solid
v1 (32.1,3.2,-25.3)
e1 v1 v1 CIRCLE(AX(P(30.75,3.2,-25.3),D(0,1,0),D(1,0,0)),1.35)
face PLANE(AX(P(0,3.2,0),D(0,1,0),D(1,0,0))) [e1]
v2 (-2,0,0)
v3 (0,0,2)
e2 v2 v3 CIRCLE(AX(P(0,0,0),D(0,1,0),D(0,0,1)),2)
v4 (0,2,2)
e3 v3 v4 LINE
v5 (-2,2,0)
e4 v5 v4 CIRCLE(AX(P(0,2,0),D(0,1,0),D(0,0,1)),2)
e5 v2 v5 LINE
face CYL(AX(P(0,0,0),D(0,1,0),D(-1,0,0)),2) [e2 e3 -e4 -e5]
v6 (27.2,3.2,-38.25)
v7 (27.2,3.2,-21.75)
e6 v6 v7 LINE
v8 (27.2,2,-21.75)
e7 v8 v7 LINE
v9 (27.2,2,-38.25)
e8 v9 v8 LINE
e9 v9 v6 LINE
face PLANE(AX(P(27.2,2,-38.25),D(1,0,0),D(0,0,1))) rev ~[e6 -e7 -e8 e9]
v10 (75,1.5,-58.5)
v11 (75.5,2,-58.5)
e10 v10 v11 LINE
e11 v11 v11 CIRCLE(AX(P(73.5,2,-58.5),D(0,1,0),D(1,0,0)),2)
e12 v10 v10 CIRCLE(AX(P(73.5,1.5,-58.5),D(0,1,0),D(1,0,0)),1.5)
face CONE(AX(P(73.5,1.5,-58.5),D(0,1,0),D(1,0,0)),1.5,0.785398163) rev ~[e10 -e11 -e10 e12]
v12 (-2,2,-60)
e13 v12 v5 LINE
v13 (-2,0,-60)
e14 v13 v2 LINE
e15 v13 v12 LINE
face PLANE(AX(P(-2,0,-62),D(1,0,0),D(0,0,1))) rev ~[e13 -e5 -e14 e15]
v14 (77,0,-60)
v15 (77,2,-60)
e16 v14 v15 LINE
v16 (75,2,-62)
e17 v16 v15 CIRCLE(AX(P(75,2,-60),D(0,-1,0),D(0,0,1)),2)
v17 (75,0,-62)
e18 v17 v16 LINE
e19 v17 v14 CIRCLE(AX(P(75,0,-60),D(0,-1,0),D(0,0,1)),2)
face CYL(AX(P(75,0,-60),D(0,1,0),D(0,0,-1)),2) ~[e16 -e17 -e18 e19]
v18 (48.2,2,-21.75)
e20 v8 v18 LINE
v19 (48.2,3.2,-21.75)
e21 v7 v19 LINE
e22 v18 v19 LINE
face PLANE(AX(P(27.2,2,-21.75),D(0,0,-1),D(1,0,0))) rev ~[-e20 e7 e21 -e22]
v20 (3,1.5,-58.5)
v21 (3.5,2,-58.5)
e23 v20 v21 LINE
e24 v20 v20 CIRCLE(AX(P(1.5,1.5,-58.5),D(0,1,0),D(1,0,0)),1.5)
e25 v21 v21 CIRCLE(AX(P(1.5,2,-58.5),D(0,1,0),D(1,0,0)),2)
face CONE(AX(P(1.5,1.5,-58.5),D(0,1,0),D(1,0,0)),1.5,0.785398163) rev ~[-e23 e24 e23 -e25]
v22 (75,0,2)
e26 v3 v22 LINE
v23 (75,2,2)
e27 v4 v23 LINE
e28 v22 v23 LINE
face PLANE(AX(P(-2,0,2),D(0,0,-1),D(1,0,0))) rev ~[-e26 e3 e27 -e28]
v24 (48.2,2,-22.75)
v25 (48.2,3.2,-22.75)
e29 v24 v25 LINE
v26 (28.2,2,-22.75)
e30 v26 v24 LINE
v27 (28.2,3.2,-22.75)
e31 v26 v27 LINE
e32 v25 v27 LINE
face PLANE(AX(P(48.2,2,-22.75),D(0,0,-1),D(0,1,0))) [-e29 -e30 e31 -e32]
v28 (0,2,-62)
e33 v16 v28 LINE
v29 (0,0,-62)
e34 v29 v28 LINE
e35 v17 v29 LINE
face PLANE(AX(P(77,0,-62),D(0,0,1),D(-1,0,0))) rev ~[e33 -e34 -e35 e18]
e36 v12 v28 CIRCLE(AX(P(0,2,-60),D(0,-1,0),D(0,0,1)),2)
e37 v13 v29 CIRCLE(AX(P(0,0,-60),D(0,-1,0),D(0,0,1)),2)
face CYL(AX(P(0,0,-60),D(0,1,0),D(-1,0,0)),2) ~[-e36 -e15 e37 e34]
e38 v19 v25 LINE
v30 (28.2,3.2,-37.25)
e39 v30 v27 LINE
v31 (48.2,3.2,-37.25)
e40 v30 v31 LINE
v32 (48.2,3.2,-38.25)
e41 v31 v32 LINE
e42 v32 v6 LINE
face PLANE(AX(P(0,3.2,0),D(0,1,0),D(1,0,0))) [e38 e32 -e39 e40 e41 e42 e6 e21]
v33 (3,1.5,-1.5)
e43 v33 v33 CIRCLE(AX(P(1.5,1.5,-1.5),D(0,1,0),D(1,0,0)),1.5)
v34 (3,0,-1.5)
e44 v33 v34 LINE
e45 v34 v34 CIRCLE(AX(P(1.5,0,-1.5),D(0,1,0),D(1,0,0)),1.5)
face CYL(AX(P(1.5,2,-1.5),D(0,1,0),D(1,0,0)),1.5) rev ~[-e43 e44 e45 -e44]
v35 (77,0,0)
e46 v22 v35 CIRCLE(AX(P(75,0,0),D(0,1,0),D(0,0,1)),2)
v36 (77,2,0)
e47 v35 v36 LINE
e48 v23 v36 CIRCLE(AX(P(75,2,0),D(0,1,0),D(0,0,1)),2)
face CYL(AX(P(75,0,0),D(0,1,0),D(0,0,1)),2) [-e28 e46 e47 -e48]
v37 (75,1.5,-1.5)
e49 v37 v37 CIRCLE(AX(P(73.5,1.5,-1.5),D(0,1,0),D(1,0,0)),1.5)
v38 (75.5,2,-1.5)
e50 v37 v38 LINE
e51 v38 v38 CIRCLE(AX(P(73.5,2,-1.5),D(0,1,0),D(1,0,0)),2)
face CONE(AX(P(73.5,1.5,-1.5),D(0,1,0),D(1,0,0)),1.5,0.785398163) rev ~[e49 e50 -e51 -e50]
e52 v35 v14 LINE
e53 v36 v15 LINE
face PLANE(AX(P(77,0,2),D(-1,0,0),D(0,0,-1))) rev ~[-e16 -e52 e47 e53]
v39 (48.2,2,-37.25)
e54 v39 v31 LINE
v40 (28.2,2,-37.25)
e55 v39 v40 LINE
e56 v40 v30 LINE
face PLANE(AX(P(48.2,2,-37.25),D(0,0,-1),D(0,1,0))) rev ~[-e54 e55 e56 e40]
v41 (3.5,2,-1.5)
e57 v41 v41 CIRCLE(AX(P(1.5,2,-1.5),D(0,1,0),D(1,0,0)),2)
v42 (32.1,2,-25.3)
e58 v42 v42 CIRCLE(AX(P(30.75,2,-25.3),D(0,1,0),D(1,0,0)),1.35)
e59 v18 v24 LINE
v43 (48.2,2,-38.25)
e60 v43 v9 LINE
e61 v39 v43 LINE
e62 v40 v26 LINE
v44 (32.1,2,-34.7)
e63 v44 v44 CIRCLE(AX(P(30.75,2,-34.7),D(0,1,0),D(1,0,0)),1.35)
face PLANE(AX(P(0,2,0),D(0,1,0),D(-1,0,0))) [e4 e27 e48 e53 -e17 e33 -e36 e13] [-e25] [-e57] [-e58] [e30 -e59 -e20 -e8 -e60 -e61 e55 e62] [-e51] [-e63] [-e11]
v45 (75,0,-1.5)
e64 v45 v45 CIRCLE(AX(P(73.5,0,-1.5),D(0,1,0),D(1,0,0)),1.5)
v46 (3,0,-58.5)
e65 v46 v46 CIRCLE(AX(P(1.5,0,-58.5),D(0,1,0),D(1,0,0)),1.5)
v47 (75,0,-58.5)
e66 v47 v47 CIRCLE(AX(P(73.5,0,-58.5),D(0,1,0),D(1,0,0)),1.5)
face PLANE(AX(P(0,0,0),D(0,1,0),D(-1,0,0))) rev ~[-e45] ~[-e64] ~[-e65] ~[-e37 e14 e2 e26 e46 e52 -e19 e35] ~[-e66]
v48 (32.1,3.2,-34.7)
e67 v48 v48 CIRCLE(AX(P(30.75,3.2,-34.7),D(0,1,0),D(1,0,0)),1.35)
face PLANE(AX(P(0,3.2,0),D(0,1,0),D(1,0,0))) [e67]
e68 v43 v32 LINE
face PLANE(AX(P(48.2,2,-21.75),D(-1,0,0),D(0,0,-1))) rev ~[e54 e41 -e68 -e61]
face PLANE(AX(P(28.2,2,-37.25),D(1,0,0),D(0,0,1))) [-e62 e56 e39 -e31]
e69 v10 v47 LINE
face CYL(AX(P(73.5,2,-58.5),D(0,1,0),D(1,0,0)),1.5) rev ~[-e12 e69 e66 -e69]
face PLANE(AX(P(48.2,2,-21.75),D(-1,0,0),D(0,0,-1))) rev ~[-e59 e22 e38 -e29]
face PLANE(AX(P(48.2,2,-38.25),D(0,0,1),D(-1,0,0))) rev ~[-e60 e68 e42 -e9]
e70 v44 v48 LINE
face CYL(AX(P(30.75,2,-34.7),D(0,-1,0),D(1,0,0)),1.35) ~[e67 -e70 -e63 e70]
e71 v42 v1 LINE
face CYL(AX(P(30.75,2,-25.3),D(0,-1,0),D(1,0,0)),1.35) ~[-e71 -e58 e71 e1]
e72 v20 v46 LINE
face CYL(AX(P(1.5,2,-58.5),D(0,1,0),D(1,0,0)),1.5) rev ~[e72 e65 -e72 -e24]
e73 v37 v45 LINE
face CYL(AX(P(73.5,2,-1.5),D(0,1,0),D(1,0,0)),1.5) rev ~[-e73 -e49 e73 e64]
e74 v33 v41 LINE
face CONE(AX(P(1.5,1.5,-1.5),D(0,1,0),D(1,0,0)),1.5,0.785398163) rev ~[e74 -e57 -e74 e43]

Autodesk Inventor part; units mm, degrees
ref_plane "YZ Plane" through (0, 0, 0) normal (1, 0, 0) x (0, 1, 0)
ref_plane "XZ Plane" through (0, 0, 0) normal (0, 1, 0) x (-1, 0, 0)
ref_plane "XY Plane" through (0, 0, 0) normal (0, 0, 1) x (1, 0, 0)
sketch "Náčrt1" plane through (0, 0, 0) normal (0, 1, 0) x (-1, 0, 0)
  line L0 (0, 0) -> (-75, 0)
  line L1 (-75, 0) -> (-75, -60)
  line L2 (-75, -60) -> (0, -60)
  line L3 (0, -60) -> (0, 0)
  line L4 (2, 2) -> (-77, 2)
  line L5 (-77, 2) -> (-77, -62)
  line L6 (-77, -62) -> (2, -62)
  line L7 (2, -62) -> (2, 2)
  dimension "d0" = 2
  dimension "d1" = 2
  dimension "d2" = 2
  dimension "d3" = 2
  dimension "d4" = 75
  dimension "d5" = 60
extrude "Vysunutí1" add sketch "Náčrt1" along normal blind 2 contours L3 L2 L1 L0 | L7 L6 L5 L4
sketch "Náčrt2" plane through (0, 2, 0) normal (0, 1, 0) x (1, 0, 0)
  circle A0 centre (1.5, 1.5) radius 1.5
  circle A1 centre (1.5, 58.5) radius 1.5
  circle A2 centre (73.5, 58.5) radius 1.5
  circle A3 centre (73.5, 1.5) radius 1.5
  line L0 (-2, 62) -> (-2, -2) projected
  line L1 (-2, -2) -> (77, -2) projected
  line L2 (77, 62) -> (-2, 62) projected
  line L3 (77, -2) -> (77, 62) projected
  point P0 (0, 0)
  dimension "d8" = 3
  dimension "d9" = 3
  dimension "d10" = 3
  dimension "d11" = 3
  dimension "d12" = 3.5
  dimension "d13" = 3.5
  dimension "d14" = 3.5
  dimension "d15" = 3.5
  dimension "d16" = 3.5
  dimension "d17" = 3.5
  dimension "d18" = 3.5
  dimension "d19" = 3.5
extrude "Vysunutí2" cut sketch "Náčrt2" against normal blind 2 contours A0 | A1 | A2 | A3
chamfer "Zkosení1" distance 0.5 angle 45 4 edges at (0, 2, -1.5) (0, 2, -58.5) (72, 2, -58.5) (72, 2, -1.5)
fillet "Zaoblení1" radius 2 4 edges at (77, 1, 2) (77, 1, -62) (-2, 1, -62) (-2, 1, 2)
sketch "Náčrt3" plane through (0, 2, 0) normal (0, 1, 0) x (1, 0, 0)
  line L0 (28.2, 22.75) -> (47.2, 22.75)
  line L1 (47.2, 22.75) -> (47.2, 37.25)
  line L2 (47.2, 37.25) -> (28.2, 37.25)
  line L3 (28.2, 37.25) -> (28.2, 22.75)
  circle A0 centre (30.75, 25.3) radius 1.35
  circle A1 centre (30.75, 34.7) radius 1.35
  line L4 (0, -2) -> (75, -2) projected
  line L5 (-2, 60) -> (-2, 0) projected
  line L6 (77, 0) -> (77, 60) projected
  line L7 (27.2, 21.75) -> (48.2, 21.75)
  line L8 (48.2, 21.75) -> (48.2, 38.25)
  line L9 (48.2, 38.25) -> (27.2, 38.25)
  line L10 (27.2, 38.25) -> (27.2, 21.75)
  point P0 (0, 0)
  dimension "d26" = 14.5
  dimension "d27" = 19
  dimension "d28" = 2.55
  dimension "d29" = 2.7
  dimension "d30" = 2.55
  dimension "d31" = 2.7
  dimension "d32" = 2.55
  dimension "d33" = 2.55
  dimension "d34" = 24.75
  dimension "d35" = 30.2
  dimension "d36" = 79
  dimension "d37" = 1
  dimension "d38" = 1
  dimension "d39" = 1
  dimension "d40" = 1
  dimension "d47" = 9.4
extrude "Vysunutí3" add sketch "Náčrt3" along normal blind 1.2 contours L10 L9 L8 L7
extrude "Vysunutí4" add sketch "Náčrt3" along normal blind 1.2 contours A0 | A1
sketch "Náčrt4" plane through (48.2, 2, -21.75) normal (1, 0, 0) x (0, 0, -1)
  line L0 (1, 0) -> (1, 1.2) projected
  line L1 (15.5, 0) -> (15.5, 1.2) projected
  line L2 (1, 1.2) -> (15.5, 1.2)
  line L3 (15.5, 1.2) -> (15.5, 0)
  line L4 (15.5, 0) -> (1, 0)
  line L5 (1, 0) -> (1, 1.2)
  point P0 (-21.75, -2)
extrude "Vysunutí5" cut sketch "Náčrt4" against normal blind 1.2
equation "\"d1\" = d0"
equation "\"d2\" = d0"
equation "\"d3\" = d0"
equation "\"d9\" = d8"
equation "\"d10\" = d8"
equation "\"d11\" = d8"
equation "\"d14\" = d12"
equation "\"d15\" = d12"
equation "\"d16\" = d12"
equation "\"d17\" = d12"
equation "\"d18\" = d12"
equation "\"d19\" = d12"
equation "\"d32\" = d30"
equation "\"d33\" = d28"
equation "\"d38\" = d37"
equation "\"d39\" = d37"
equation "\"d40\" = d37"
properties part number "BH1750-viko"
